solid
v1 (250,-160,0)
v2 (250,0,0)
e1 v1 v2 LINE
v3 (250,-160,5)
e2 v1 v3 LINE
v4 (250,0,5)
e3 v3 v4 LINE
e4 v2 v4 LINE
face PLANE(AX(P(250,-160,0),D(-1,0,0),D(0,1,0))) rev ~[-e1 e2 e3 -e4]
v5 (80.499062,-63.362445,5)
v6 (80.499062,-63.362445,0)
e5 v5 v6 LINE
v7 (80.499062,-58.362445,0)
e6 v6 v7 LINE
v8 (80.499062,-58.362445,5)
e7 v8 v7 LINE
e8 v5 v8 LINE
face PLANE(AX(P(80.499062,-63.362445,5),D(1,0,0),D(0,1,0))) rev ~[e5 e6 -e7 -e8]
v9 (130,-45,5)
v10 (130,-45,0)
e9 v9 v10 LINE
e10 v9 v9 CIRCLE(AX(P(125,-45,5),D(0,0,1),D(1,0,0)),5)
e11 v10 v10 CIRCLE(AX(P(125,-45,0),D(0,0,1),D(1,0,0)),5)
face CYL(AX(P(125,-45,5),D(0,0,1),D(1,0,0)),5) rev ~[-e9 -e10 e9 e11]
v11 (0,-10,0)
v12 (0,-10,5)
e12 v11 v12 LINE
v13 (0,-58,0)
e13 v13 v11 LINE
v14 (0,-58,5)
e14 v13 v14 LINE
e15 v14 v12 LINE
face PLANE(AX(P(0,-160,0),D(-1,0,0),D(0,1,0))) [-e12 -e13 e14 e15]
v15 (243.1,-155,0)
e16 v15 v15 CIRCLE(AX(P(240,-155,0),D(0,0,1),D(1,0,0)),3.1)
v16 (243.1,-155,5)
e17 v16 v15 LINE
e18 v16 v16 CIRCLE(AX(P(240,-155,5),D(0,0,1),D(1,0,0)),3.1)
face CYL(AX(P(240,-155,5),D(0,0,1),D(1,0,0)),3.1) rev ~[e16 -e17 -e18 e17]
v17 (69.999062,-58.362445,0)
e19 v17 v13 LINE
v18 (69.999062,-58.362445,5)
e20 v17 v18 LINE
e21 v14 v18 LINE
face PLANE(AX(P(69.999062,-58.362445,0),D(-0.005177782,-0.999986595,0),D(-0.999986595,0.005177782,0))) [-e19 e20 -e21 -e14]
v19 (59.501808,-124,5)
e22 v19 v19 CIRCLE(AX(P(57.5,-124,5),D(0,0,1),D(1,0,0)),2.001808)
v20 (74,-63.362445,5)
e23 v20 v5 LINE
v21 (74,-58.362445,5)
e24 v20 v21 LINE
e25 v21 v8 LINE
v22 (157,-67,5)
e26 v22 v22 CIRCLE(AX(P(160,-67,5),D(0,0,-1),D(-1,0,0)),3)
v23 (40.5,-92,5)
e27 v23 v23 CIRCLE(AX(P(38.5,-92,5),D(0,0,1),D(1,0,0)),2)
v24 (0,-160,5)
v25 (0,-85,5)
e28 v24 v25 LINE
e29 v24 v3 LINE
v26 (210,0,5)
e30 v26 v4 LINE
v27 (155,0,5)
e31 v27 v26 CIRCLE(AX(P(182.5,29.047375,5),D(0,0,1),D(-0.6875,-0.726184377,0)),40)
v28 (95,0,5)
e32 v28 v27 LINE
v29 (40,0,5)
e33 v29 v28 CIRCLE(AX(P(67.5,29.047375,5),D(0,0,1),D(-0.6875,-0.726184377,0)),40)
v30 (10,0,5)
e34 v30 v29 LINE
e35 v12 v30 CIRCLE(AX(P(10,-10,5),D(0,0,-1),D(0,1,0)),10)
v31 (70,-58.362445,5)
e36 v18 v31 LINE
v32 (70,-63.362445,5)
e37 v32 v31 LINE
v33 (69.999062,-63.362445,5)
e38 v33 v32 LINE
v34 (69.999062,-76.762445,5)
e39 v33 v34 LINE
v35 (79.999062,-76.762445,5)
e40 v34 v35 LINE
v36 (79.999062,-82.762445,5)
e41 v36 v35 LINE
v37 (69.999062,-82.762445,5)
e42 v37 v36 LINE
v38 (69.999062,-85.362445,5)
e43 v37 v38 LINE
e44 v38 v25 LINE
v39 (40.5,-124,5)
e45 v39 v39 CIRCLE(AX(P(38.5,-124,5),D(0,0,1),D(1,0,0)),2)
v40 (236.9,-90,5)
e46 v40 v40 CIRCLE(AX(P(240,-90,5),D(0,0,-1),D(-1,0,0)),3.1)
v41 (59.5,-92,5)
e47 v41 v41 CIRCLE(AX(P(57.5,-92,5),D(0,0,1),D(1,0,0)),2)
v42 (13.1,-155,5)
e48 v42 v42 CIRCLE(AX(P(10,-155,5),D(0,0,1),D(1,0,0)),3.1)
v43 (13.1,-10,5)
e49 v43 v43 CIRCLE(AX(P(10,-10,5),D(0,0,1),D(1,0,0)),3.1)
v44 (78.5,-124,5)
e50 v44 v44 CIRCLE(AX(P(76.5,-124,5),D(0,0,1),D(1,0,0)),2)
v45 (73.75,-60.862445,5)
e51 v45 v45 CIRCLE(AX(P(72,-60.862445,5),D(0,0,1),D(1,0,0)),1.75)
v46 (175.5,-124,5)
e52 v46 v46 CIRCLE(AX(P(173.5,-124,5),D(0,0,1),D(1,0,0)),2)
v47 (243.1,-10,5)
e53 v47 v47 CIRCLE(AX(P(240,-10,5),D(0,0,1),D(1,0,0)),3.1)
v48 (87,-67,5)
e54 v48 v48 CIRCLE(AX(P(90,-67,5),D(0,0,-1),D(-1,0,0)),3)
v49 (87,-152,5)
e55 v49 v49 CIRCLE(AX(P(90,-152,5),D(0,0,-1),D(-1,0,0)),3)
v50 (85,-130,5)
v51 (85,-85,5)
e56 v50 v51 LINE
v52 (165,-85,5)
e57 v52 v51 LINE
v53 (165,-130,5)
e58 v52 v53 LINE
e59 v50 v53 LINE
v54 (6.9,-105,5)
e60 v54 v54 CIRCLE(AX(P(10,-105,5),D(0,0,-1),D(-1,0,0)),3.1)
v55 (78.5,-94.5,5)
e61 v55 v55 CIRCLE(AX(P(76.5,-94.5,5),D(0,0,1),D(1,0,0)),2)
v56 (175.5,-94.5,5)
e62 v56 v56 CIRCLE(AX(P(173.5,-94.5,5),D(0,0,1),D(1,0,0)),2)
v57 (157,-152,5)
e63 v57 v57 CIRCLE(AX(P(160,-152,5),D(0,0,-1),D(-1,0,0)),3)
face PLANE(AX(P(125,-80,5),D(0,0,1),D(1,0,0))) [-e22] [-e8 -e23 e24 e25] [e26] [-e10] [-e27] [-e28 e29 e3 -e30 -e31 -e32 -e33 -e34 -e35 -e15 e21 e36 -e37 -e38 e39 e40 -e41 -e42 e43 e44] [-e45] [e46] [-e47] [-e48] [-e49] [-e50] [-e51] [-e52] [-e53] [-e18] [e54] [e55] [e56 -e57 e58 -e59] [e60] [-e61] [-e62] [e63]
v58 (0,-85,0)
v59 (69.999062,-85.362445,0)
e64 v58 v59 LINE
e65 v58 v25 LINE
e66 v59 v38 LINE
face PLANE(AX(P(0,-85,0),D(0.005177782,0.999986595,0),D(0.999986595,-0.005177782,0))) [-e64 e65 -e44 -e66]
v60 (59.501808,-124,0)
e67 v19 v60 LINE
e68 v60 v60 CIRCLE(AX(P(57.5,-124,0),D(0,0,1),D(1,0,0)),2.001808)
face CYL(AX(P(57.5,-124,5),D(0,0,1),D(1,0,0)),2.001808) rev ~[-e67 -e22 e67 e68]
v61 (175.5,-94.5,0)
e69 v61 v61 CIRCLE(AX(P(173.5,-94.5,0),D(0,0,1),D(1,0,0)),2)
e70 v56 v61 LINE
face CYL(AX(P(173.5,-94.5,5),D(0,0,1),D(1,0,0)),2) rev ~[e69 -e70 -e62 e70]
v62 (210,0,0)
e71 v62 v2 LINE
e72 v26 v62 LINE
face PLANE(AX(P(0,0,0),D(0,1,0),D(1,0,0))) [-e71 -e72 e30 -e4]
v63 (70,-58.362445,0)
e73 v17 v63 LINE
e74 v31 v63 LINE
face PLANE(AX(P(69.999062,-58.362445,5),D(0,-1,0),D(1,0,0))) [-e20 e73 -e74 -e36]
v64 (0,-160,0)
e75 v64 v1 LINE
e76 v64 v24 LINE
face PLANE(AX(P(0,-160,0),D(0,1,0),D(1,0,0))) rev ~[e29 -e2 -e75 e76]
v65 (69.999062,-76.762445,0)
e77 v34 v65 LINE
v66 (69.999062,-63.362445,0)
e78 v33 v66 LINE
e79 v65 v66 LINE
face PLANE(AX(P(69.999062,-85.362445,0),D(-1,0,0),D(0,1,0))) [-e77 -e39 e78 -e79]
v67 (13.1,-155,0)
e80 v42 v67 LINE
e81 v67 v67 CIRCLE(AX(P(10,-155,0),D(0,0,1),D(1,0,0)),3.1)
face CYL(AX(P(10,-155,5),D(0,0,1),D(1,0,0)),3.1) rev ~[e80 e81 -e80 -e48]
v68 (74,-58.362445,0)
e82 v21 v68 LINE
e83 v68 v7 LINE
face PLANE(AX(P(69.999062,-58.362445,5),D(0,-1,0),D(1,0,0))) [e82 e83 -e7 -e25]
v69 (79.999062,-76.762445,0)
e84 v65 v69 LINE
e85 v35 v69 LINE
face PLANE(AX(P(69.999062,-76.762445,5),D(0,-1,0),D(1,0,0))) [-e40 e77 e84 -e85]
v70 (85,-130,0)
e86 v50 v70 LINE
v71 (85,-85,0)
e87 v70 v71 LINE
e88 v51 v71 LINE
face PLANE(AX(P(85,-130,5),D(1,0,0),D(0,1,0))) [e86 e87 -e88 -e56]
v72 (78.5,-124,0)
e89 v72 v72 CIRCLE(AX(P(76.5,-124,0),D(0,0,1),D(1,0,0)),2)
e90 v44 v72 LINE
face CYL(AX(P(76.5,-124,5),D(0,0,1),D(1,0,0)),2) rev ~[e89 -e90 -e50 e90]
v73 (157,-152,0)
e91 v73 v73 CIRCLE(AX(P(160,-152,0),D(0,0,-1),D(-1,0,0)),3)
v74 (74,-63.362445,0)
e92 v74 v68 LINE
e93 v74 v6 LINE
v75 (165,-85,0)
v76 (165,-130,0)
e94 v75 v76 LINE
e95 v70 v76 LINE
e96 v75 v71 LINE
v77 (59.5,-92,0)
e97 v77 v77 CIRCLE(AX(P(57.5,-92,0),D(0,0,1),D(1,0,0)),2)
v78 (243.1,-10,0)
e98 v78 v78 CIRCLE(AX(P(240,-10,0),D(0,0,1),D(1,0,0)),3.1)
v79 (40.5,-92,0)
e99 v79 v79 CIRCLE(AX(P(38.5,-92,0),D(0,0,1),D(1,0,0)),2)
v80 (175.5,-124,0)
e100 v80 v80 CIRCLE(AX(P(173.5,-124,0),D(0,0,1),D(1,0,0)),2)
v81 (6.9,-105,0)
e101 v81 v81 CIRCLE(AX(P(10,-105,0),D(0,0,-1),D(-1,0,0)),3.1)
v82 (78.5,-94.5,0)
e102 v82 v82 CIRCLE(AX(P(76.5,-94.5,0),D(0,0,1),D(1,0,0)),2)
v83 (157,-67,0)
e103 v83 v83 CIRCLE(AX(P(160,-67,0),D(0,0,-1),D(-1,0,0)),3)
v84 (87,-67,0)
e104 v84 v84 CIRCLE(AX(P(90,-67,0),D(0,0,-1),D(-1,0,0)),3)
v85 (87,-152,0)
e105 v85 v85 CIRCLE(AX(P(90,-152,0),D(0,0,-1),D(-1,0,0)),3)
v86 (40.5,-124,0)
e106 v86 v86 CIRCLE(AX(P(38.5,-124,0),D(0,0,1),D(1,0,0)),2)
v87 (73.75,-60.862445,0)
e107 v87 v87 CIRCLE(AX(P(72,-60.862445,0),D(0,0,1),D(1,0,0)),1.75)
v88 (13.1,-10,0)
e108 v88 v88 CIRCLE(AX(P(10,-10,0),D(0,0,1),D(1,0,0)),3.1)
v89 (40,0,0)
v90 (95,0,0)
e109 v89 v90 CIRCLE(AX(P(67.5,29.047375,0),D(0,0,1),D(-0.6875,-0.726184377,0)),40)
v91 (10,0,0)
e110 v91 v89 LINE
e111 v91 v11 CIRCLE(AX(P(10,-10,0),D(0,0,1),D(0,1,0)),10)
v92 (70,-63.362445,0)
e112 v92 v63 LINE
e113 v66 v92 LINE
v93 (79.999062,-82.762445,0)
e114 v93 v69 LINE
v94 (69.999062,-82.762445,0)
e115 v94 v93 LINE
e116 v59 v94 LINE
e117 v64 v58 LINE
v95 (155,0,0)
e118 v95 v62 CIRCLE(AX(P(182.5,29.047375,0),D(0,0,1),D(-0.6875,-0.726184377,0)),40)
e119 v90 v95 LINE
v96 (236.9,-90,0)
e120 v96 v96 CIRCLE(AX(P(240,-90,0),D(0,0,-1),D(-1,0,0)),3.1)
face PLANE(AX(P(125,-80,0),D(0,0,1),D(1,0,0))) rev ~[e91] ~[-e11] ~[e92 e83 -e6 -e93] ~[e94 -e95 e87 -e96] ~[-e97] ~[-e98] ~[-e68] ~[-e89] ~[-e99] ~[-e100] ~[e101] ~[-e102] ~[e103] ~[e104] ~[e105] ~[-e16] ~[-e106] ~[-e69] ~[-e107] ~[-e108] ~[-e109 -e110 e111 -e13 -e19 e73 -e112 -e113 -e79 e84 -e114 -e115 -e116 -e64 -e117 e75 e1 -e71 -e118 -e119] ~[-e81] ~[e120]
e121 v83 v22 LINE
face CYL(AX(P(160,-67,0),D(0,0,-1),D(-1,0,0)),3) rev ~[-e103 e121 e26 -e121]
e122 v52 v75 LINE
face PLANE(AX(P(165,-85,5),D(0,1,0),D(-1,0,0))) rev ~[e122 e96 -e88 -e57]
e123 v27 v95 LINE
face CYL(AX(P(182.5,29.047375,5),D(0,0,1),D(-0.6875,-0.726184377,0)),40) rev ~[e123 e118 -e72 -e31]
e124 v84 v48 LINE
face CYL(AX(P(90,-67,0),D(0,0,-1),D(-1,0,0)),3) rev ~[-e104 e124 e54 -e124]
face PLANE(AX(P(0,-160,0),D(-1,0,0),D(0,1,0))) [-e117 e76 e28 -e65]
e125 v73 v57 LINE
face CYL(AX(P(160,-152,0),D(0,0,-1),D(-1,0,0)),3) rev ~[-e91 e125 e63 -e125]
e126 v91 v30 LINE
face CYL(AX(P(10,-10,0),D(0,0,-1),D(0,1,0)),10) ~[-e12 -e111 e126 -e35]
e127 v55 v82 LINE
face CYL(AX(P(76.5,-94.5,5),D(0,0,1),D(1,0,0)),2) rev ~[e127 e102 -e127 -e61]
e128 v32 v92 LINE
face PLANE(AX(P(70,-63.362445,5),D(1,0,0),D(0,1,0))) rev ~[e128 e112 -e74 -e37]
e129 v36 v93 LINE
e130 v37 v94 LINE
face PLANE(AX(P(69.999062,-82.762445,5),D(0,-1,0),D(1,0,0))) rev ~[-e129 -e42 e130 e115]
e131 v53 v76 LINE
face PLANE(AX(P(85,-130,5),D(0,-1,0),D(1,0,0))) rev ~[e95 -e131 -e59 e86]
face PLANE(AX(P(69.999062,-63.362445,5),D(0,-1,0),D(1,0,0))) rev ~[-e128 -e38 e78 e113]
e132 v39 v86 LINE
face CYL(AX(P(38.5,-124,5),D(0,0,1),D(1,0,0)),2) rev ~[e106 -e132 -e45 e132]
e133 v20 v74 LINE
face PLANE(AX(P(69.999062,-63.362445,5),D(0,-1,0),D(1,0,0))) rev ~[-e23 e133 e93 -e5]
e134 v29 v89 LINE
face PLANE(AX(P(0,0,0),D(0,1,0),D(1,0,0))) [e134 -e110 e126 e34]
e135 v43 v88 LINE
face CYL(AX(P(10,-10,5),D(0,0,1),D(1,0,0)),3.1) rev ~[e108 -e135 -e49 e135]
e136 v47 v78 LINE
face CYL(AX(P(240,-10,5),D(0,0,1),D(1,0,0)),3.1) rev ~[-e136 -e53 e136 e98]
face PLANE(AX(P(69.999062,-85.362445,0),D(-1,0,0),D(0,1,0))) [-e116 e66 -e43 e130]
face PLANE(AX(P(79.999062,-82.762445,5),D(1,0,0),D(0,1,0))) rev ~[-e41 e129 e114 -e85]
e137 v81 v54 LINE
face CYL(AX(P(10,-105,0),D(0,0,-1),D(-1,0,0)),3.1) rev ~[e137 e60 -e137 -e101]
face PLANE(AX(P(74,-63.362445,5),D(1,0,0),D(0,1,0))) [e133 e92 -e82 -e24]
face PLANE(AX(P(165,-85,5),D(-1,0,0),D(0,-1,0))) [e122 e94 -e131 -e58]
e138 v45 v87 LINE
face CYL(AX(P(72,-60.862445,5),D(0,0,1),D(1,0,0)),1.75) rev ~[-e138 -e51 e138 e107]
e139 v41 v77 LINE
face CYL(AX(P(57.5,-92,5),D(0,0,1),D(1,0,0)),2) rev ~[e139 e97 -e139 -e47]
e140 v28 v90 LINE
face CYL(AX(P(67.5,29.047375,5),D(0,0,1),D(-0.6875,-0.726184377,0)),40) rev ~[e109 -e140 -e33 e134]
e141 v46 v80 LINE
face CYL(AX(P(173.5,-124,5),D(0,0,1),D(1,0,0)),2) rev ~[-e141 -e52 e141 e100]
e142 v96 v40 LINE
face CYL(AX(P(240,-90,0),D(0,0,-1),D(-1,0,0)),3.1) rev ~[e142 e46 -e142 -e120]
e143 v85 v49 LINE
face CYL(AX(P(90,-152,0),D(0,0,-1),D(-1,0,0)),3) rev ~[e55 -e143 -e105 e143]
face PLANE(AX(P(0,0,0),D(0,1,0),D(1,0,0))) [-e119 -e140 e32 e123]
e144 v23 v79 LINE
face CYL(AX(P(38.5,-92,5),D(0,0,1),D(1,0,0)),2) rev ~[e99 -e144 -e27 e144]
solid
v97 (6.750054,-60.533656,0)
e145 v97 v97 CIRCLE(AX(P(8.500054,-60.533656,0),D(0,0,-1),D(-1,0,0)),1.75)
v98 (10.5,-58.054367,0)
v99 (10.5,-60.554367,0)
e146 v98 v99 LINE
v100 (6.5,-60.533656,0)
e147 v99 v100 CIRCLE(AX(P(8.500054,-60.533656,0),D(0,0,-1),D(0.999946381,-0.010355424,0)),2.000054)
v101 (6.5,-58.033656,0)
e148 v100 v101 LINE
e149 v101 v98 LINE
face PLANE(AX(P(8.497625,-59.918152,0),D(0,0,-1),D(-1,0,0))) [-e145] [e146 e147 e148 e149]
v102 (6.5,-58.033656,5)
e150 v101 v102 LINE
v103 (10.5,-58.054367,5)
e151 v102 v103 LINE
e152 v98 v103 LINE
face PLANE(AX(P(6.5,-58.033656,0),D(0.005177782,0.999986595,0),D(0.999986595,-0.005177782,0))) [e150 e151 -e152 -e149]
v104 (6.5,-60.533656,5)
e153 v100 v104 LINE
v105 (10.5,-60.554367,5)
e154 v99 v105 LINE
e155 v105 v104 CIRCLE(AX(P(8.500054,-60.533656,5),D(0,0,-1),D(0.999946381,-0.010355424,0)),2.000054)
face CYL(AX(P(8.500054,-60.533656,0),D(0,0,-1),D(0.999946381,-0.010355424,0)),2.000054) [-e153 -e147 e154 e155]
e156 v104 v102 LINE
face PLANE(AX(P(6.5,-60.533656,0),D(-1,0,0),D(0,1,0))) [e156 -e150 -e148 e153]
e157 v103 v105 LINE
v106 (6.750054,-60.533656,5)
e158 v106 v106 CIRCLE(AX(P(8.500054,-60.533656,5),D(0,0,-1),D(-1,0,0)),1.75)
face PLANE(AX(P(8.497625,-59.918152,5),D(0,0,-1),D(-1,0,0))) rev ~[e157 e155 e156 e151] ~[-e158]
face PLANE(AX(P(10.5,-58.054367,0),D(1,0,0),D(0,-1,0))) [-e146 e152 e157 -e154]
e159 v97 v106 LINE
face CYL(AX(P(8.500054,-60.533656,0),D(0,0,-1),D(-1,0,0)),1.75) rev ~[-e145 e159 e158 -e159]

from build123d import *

# Parameters (mm, degrees)
ESQUISSE1_W              = 250
ESQUISSE1_H              = 160
BOSS_EXTRU_1_DEPTH       = 5
ENL_V_MAT_EXTRU_2_DEPTH  = 35
ESQUISSE4_R              = 3.1
ENL_V_MAT_EXTRU_3_DEPTH  = 10
ENL_V_MAT_EXTRU_4_DEPTH  = 10
ESQUISSE7_R              = 3
ENL_V_MAT_EXTRU_6_DEPTH  = 10
ESQUISSE8_R              = 3.1
ENL_V_MAT_EXTRU_7_DEPTH  = 10
ENL_V_MAT_EXTRU_10_DEPTH = 10
ESQUISSE12_R             = 1.75
BOSS_EXTRU_2_DEPTH       = 5
ESQUISSE13_W             = 10.5
ESQUISSE13_H             = 5
ENL_V_MAT_EXTRU_12_DEPTH = 5
ESQUISSE16_W             = 10
ESQUISSE16_H             = 6
ENL_V_MAT_EXTRU_14_DEPTH = 5
ENL_V_MAT_EXTRU_15_DEPTH = 10
ESQUISSE18_R             = 5
ENL_V_MAT_EXTRU_16_DEPTH = 10
ESQUISSE19_R             = 2
ENL_V_MAT_EXTRU_17_DEPTH = 29.95
ESQUISSE21_R             = 2
ESQUISSE21_R_2           = 2.001807824
ENL_V_MAT_EXTRU_18_DEPTH = 10
ESQUISSE14_W             = 4
ESQUISSE14_H             = 5
ESQUISSE14_R             = 1.75
BOSS_EXTRU_3_DEPTH       = 5


with BuildPart() as part:
    # Esquisse1 → Boss.-Extru.1 (new body)
    with BuildSketch(Plane.XY):
        with Locations((125, -80)):
            Rectangle(ESQUISSE1_W, ESQUISSE1_H)
    extrude(amount=BOSS_EXTRU_1_DEPTH)

    # Esquisse3 → Enlèv. mat.-Extru.2 (cut)
    with BuildSketch(Plane.XY.offset(5)):
        Polygon((85, -85), (125, -85), (165, -85), (165, -130), (125, -130), (85, -130), align=None)
    extrude(amount=-ENL_V_MAT_EXTRU_2_DEPTH, mode=Mode.SUBTRACT)

    # Esquisse4 → Enlèv. mat.-Extru.3 (cut)
    with BuildSketch(Plane.XY.offset(5)):
        with Locations((10, -10)):
            Circle(ESQUISSE4_R)
        with Locations((10, -155)):
            Circle(ESQUISSE4_R)
        with Locations((240, -155)):
            Circle(ESQUISSE4_R)
        with Locations((240, -10)):
            Circle(ESQUISSE4_R)
    extrude(amount=-ENL_V_MAT_EXTRU_3_DEPTH, mode=Mode.SUBTRACT)

    # Esquisse5 → Enlèv. mat.-Extru.4 (cut)
    with BuildSketch(Plane(origin=(0, 0, 0), x_dir=(-1, 0, 0), z_dir=(0, 0, -1))):
        with BuildLine():
            Line((0, 0), (-10, 0))
            ThreePointArc((-10, 0), (-2.928932188, -2.928932188), (0, -10))
            Line((0, -10), (0, 0))
        make_face()
    extrude(amount=-ENL_V_MAT_EXTRU_4_DEPTH, mode=Mode.SUBTRACT)

    # Esquisse7 → Enlèv. mat.-Extru.6 (cut)
    with BuildSketch(Plane(origin=(0, 0, 0), x_dir=(-1, 0, 0), z_dir=(0, 0, -1))):
        with Locations((-90, -152)):
            Circle(ESQUISSE7_R)
        with Locations((-90, -67)):
            Circle(ESQUISSE7_R)
        with Locations((-160, -67)):
            Circle(ESQUISSE7_R)
        with Locations((-160, -152)):
            Circle(ESQUISSE7_R)
    extrude(amount=-ENL_V_MAT_EXTRU_6_DEPTH, mode=Mode.SUBTRACT)

    # Esquisse8 → Enlèv. mat.-Extru.7 (cut)
    with BuildSketch(Plane(origin=(0, 0, 0), x_dir=(-1, 0, 0), z_dir=(0, 0, -1))):
        with Locations((-10, -105)):
            Circle(ESQUISSE8_R)
        with Locations((-240, -90)):
            Circle(ESQUISSE8_R)
    extrude(amount=-ENL_V_MAT_EXTRU_7_DEPTH, mode=Mode.SUBTRACT)

    # Esquisse11 → Enlèv. mat.-Extru.10 (cut)
    with BuildSketch(Plane(origin=(0, 0, 0), x_dir=(-1, 0, 0), z_dir=(0, 0, -1))):
        Polygon((0, -85), (-69.999061664, -85.36244471), (-69.999061664, -58.36244471), (0, -58), align=None)
    extrude(amount=-ENL_V_MAT_EXTRU_10_DEPTH, mode=Mode.SUBTRACT)

    # Esquisse13 → Enlèv. mat.-Extru.12 (cut)
    with BuildSketch(Plane.XY.offset(5)):
        with Locations((75.249061664, -60.86244471)):
            Rectangle(ESQUISSE13_W, ESQUISSE13_H)
    extrude(amount=-ENL_V_MAT_EXTRU_12_DEPTH, mode=Mode.SUBTRACT)

    # Esquisse16 → Enlèv. mat.-Extru.14 (cut)
    with BuildSketch(Plane.XY.offset(5)):
        with Locations((74.999061664, -79.76244471)):
            Rectangle(ESQUISSE16_W, ESQUISSE16_H)
    extrude(amount=-ENL_V_MAT_EXTRU_14_DEPTH, mode=Mode.SUBTRACT)

    # Esquisse17 → Enlèv. mat.-Extru.15 (cut)
    with BuildSketch(Plane.XY.offset(5)):
        with BuildLine():
            Line((210, 0), (155, 0))
            ThreePointArc((155, 0), (182.5, -10.952624903), (210, 0))
        make_face()
        with BuildLine():
            Line((95, 0), (40, 0))
            ThreePointArc((40, 0), (67.5, -10.952624903), (95, 0))
        make_face()
    extrude(amount=-ENL_V_MAT_EXTRU_15_DEPTH, mode=Mode.SUBTRACT)

    # Esquisse18 → Enlèv. mat.-Extru.16 (cut)
    with BuildSketch(Plane.XY.offset(5)):
        with Locations((125, -45)):
            Circle(ESQUISSE18_R)
    extrude(amount=-ENL_V_MAT_EXTRU_16_DEPTH, mode=Mode.SUBTRACT)

    # Esquisse19 → Enlèv. mat.-Extru.17 (cut)
    with BuildSketch(Plane.XY.offset(5)):
        with Locations((173.5, -124)):
            Circle(ESQUISSE19_R)
        with Locations((173.5, -94.5)):
            Circle(ESQUISSE19_R)
        with Locations((76.5, -94.5)):
            Circle(ESQUISSE19_R)
        with Locations((76.5, -124)):
            Circle(ESQUISSE19_R)
    extrude(amount=-ENL_V_MAT_EXTRU_17_DEPTH, mode=Mode.SUBTRACT)

    # Esquisse21 → Enlèv. mat.-Extru.18 (cut)
    with BuildSketch(Plane.XY.offset(5)):
        with Locations((38.5, -124)):
            Circle(ESQUISSE21_R)
        with Locations((57.5, -124)):
            Circle(ESQUISSE21_R_2)
        with Locations((38.5, -92)):
            Circle(ESQUISSE21_R)
        with Locations((57.5, -92)):
            Circle(ESQUISSE21_R)
    extrude(amount=-ENL_V_MAT_EXTRU_18_DEPTH, mode=Mode.SUBTRACT)

    # Esquisse14 → Boss.-Extru.3 (add)
    with BuildSketch(Plane.XY.offset(5)):
        with Locations((72, -60.86244471)):
            Rectangle(ESQUISSE14_W, ESQUISSE14_H)
        with Locations((72, -60.86244471)):
            Circle(ESQUISSE14_R, mode=Mode.SUBTRACT)
    extrude(amount=-BOSS_EXTRU_3_DEPTH)


with BuildPart() as body_2:
    # Esquisse12 → Boss.-Extru.2 (new body)
    with BuildSketch(Plane(origin=(0, 0, 0), x_dir=(-1, 0, 0), z_dir=(0, 0, -1))):
        with BuildLine():
            ThreePointArc((-10.5, -60.554367435), (-8.489697779, -62.533682841), (-6.5, -60.533656031))
            Line((-6.5, -60.533656031), (-6.5, -58.033656031))
            Line((-6.5, -58.033656031), (-10.5, -58.054367435))
            Line((-10.5, -58.054367435), (-10.5, -60.554367435))
        make_face()
        with Locations((-8.50005362, -60.533656031)):
            Circle(ESQUISSE12_R, mode=Mode.SUBTRACT)
    extrude(amount=-BOSS_EXTRU_2_DEPTH)


solid = Compound([part.part, body_2.part])
